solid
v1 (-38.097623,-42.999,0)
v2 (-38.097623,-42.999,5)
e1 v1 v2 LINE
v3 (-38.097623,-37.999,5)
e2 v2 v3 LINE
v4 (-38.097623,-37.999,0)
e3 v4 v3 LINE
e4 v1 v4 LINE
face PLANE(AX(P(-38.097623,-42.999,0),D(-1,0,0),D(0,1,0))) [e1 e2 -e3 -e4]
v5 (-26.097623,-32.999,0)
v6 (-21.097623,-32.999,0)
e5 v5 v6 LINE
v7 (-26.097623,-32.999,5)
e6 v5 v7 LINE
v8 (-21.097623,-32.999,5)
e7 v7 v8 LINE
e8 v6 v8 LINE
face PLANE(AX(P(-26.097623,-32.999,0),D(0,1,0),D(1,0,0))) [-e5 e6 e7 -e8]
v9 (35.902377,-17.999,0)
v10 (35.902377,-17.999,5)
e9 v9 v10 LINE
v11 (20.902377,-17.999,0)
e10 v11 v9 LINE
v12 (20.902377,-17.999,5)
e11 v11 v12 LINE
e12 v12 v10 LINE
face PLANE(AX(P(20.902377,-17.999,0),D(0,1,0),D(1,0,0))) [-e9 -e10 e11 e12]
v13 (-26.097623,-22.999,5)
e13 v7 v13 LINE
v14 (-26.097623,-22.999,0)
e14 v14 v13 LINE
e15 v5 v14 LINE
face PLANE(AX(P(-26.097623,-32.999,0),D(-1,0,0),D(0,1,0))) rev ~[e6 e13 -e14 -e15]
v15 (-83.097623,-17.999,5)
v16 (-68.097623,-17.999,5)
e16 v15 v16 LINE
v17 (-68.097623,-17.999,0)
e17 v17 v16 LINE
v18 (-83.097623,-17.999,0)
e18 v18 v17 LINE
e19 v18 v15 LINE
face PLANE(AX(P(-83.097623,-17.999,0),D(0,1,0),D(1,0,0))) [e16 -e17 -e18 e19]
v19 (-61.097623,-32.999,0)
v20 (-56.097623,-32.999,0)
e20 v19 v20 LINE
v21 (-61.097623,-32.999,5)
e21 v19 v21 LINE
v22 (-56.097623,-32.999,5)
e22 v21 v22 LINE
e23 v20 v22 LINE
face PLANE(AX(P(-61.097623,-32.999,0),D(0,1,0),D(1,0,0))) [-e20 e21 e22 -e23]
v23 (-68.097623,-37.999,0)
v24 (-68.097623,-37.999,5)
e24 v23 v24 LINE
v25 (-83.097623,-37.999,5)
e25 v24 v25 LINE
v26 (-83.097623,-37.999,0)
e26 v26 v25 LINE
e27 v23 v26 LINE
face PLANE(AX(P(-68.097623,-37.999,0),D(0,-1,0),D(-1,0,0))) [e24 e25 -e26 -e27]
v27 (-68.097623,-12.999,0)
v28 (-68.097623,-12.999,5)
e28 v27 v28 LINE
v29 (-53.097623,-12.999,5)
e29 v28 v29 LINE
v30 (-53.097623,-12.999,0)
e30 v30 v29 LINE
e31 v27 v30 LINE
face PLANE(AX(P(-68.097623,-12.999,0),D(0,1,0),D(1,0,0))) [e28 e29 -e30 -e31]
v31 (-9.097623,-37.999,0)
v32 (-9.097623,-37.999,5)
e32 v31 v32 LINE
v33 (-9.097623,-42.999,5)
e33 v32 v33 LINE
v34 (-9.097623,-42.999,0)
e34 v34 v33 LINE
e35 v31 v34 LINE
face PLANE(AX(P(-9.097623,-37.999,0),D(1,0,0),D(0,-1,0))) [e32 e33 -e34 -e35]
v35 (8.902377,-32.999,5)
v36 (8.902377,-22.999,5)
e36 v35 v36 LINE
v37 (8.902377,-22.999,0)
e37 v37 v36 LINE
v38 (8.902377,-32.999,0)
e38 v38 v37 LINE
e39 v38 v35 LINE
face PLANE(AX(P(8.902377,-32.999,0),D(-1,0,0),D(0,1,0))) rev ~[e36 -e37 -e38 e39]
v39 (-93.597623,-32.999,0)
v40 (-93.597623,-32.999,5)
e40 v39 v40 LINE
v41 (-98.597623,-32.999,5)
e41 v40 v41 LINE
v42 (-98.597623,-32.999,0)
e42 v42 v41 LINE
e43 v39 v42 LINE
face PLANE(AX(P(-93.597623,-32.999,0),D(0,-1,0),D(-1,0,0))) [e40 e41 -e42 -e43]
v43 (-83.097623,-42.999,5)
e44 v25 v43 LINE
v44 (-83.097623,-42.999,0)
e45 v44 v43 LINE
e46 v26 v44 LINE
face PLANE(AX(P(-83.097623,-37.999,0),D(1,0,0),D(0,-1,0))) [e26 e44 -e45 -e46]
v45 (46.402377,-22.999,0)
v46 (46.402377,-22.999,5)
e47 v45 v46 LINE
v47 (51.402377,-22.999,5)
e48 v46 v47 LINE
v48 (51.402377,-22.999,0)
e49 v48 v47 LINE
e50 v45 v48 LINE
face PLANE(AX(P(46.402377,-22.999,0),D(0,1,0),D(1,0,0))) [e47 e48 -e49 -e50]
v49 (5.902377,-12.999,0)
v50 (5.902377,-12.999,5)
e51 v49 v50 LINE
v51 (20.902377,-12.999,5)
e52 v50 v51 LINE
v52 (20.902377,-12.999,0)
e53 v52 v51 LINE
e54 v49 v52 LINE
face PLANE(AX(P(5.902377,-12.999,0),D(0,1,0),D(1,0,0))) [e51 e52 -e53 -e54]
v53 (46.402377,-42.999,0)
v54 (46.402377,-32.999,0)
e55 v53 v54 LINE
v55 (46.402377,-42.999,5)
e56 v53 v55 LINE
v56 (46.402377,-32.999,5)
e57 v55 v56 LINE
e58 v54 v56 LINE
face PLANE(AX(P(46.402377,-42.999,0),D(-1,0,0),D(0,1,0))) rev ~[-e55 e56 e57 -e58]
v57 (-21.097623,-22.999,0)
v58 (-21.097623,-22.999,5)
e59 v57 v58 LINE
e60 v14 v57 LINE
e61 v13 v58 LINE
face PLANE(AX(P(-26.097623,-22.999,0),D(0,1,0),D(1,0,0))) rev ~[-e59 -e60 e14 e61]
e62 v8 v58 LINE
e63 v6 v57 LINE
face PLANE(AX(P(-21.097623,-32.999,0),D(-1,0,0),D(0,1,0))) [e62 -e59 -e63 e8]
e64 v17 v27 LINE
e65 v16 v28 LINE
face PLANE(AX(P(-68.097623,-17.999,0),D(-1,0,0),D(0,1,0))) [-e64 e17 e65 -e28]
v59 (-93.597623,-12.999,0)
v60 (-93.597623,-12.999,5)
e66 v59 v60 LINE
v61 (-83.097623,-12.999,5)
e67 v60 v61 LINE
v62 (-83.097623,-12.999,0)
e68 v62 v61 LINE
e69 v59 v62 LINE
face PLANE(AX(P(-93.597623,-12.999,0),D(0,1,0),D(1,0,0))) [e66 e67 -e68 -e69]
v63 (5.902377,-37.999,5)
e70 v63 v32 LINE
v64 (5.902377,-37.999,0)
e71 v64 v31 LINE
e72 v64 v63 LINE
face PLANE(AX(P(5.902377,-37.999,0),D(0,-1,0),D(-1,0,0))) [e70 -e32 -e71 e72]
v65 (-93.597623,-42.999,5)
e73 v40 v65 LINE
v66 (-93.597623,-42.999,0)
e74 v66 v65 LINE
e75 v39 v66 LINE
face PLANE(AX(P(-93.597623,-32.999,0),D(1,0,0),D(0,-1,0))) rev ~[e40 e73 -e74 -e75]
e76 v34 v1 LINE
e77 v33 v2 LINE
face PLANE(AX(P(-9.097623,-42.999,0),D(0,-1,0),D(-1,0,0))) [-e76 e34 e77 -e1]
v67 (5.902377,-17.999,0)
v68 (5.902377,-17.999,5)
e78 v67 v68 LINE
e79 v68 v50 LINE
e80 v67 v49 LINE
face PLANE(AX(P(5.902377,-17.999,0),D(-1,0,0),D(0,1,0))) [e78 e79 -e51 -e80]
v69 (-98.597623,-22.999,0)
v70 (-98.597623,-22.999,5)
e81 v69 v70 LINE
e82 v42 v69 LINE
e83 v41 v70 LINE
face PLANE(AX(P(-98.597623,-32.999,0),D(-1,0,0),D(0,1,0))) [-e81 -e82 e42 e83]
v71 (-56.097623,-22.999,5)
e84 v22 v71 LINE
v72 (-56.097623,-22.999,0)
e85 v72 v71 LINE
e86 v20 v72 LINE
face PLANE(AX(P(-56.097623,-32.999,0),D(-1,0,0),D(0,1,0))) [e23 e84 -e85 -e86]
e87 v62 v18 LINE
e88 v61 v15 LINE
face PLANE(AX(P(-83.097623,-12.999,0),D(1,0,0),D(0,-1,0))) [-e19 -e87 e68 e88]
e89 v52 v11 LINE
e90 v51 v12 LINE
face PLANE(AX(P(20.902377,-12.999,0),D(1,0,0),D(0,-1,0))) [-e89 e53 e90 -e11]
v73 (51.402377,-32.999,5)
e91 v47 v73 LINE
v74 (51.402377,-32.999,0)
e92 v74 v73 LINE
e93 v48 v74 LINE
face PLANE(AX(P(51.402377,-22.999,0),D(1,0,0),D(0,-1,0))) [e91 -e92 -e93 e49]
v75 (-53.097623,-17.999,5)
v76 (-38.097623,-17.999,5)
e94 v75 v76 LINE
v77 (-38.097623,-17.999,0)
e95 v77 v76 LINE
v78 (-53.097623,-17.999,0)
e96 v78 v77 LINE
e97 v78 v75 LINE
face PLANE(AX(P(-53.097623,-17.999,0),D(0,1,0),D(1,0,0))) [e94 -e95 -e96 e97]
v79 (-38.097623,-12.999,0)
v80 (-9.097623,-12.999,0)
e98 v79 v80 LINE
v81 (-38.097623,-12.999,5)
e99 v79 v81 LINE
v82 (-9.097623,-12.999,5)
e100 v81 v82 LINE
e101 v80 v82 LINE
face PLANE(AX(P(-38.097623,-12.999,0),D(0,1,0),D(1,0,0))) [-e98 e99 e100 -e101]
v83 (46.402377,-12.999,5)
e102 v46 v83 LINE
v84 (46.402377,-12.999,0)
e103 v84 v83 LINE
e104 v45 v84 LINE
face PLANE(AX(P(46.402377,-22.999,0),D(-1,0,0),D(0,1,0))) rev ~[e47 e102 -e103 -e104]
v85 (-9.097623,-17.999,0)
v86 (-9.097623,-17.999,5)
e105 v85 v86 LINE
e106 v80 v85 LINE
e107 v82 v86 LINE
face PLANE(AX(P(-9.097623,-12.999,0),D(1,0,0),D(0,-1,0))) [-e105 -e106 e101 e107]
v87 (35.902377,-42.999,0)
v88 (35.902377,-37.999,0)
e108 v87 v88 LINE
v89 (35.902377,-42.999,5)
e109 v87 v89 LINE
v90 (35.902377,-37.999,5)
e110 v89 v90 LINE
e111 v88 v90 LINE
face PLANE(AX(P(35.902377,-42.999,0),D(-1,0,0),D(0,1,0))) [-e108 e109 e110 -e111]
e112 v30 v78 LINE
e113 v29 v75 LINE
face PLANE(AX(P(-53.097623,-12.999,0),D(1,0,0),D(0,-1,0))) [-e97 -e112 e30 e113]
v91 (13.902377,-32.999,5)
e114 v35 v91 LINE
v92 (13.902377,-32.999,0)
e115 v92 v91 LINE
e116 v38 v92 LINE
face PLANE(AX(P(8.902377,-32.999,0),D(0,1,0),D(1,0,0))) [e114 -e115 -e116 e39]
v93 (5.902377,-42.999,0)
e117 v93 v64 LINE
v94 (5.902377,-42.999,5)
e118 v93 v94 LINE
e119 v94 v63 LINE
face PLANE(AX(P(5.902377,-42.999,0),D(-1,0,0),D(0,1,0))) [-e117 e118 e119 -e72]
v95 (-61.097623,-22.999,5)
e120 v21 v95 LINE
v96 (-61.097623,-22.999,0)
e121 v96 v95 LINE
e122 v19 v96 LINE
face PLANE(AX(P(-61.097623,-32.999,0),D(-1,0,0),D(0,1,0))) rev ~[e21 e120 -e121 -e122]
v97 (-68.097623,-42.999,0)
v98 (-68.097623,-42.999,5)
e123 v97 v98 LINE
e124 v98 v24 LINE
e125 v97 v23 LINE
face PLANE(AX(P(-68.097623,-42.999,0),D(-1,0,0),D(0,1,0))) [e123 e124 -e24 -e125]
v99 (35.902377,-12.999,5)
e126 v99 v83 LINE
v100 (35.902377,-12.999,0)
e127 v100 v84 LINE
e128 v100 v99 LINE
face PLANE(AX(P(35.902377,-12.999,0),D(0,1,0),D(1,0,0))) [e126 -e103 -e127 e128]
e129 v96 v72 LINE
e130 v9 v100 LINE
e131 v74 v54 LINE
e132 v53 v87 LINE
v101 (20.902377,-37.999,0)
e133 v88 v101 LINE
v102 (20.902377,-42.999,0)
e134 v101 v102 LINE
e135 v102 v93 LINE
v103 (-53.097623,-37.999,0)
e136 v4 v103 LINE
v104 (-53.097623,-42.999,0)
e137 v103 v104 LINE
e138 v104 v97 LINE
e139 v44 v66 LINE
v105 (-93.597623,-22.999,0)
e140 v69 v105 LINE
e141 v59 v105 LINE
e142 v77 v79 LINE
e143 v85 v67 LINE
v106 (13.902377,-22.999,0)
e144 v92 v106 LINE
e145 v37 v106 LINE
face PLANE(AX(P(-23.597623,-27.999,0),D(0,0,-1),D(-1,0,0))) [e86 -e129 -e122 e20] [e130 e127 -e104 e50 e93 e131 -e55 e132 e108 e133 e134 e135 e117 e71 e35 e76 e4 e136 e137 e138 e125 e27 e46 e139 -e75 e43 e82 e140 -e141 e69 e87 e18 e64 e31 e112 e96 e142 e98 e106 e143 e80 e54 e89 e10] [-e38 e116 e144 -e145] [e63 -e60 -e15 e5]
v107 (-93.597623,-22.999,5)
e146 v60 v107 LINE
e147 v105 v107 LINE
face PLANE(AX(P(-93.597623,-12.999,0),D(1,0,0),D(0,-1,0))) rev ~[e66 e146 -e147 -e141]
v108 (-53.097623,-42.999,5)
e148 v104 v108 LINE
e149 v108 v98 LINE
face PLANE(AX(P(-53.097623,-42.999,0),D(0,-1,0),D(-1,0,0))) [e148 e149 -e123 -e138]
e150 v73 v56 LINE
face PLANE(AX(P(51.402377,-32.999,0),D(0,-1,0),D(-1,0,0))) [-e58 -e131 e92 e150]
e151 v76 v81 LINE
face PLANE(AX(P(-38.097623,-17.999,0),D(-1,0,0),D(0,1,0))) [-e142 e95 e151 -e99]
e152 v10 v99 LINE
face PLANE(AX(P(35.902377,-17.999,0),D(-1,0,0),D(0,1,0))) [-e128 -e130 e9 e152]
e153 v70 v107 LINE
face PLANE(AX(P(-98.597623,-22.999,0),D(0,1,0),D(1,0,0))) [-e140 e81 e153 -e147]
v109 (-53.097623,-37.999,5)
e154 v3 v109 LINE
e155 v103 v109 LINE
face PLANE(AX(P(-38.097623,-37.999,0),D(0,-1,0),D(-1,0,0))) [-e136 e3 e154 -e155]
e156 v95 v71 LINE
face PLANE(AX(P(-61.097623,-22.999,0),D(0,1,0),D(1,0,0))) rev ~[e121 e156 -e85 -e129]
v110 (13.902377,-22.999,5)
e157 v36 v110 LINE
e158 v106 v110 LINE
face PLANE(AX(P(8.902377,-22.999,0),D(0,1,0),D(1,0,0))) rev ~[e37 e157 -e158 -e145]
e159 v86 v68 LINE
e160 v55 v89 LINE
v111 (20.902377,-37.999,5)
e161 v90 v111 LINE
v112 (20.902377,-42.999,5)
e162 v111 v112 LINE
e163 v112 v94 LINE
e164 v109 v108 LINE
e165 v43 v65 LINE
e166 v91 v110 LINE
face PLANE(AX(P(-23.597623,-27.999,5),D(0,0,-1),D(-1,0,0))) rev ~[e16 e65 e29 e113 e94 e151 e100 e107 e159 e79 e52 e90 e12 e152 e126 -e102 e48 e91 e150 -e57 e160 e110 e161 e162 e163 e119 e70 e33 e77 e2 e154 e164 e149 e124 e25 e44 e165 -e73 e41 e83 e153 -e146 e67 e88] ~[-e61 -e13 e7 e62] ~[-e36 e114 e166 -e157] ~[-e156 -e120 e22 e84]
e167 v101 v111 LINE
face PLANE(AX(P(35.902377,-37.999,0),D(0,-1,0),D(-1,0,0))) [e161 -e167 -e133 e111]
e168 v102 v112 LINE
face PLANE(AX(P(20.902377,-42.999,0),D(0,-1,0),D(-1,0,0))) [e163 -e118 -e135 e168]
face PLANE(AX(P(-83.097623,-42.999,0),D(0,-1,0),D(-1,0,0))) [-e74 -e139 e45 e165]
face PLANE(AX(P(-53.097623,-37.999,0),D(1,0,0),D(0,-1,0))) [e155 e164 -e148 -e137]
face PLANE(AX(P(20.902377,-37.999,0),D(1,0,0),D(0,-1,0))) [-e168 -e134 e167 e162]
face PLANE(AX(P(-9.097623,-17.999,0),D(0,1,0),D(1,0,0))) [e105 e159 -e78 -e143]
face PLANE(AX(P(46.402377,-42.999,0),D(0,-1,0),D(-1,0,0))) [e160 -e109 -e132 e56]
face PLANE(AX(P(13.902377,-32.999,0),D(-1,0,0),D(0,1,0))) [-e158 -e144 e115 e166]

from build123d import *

# Parameters (mm, degrees)
SKETCH1_W           = 5
SKETCH1_H           = 10
BOSS_EXTRUDE1_DEPTH = 5


with BuildPart() as part:
    # Sketch1 → Boss-Extrude1 (new body)
    with BuildSketch(Plane.XY):
        Polygon((46.402376673, -17.999000463), (46.402376673, -22.999000463), (51.402376673, -22.999000463), (51.402376673, -32.999000463), (46.402376673, -32.999000463), (46.402376673, -37.999000463), (46.402376673, -42.999000463), (35.902376673, -42.999000463), (35.902376673, -37.999000463), (20.902376673, -37.999000463), (20.902376673, -42.999000463), (5.902376673, -42.999000463), (5.902376673, -37.999000463), (-9.097623327, -37.999000463), (-9.097623327, -42.999000463), (-38.097623327, -42.999000463), (-38.097623327, -37.999000463), (-53.097623327, -37.999000463), (-53.097623327, -42.999000463), (-68.097623327, -42.999000463), (-68.097623327, -37.999000463), (-83.097623327, -37.999000463), (-83.097623327, -42.999000463), (-93.597623327, -42.999000463), (-93.597623327, -37.999000463), (-93.597623327, -32.999000463), (-98.597623326, -32.999000463), (-98.597623326, -22.999000463), (-93.597623327, -22.999000463), (-93.597623327, -17.999000463), (-93.597623327, -12.999000463), (-83.097623327, -12.999000463), (-83.097623327, -17.999000463), (-68.097623327, -17.999000463), (-68.097623327, -12.999000463), (-53.097623327, -12.999000463), (-53.097623327, -17.999000463), (-38.097623327, -17.999000463), (-38.097623327, -12.999000463), (-9.097623327, -12.999000463), (-9.097623327, -17.999000463), (5.902376673, -17.999000463), (5.902376673, -12.999000463), (20.902376673, -12.999000463), (20.902376673, -17.999000463), (35.902376673, -17.999000463), (35.902376673, -12.999000463), (46.402376673, -12.999000463), align=None)
        with Locations((11.402376673, -27.999000463)):
            Rectangle(SKETCH1_W, SKETCH1_H, mode=Mode.SUBTRACT)
        with Locations((-23.597623327, -27.999000463)):
            Rectangle(SKETCH1_W, SKETCH1_H, mode=Mode.SUBTRACT)
        with Locations((-58.597623327, -27.999000463)):
            Rectangle(SKETCH1_W, SKETCH1_H, mode=Mode.SUBTRACT)
    extrude(amount=BOSS_EXTRUDE1_DEPTH)


solid = part.part
